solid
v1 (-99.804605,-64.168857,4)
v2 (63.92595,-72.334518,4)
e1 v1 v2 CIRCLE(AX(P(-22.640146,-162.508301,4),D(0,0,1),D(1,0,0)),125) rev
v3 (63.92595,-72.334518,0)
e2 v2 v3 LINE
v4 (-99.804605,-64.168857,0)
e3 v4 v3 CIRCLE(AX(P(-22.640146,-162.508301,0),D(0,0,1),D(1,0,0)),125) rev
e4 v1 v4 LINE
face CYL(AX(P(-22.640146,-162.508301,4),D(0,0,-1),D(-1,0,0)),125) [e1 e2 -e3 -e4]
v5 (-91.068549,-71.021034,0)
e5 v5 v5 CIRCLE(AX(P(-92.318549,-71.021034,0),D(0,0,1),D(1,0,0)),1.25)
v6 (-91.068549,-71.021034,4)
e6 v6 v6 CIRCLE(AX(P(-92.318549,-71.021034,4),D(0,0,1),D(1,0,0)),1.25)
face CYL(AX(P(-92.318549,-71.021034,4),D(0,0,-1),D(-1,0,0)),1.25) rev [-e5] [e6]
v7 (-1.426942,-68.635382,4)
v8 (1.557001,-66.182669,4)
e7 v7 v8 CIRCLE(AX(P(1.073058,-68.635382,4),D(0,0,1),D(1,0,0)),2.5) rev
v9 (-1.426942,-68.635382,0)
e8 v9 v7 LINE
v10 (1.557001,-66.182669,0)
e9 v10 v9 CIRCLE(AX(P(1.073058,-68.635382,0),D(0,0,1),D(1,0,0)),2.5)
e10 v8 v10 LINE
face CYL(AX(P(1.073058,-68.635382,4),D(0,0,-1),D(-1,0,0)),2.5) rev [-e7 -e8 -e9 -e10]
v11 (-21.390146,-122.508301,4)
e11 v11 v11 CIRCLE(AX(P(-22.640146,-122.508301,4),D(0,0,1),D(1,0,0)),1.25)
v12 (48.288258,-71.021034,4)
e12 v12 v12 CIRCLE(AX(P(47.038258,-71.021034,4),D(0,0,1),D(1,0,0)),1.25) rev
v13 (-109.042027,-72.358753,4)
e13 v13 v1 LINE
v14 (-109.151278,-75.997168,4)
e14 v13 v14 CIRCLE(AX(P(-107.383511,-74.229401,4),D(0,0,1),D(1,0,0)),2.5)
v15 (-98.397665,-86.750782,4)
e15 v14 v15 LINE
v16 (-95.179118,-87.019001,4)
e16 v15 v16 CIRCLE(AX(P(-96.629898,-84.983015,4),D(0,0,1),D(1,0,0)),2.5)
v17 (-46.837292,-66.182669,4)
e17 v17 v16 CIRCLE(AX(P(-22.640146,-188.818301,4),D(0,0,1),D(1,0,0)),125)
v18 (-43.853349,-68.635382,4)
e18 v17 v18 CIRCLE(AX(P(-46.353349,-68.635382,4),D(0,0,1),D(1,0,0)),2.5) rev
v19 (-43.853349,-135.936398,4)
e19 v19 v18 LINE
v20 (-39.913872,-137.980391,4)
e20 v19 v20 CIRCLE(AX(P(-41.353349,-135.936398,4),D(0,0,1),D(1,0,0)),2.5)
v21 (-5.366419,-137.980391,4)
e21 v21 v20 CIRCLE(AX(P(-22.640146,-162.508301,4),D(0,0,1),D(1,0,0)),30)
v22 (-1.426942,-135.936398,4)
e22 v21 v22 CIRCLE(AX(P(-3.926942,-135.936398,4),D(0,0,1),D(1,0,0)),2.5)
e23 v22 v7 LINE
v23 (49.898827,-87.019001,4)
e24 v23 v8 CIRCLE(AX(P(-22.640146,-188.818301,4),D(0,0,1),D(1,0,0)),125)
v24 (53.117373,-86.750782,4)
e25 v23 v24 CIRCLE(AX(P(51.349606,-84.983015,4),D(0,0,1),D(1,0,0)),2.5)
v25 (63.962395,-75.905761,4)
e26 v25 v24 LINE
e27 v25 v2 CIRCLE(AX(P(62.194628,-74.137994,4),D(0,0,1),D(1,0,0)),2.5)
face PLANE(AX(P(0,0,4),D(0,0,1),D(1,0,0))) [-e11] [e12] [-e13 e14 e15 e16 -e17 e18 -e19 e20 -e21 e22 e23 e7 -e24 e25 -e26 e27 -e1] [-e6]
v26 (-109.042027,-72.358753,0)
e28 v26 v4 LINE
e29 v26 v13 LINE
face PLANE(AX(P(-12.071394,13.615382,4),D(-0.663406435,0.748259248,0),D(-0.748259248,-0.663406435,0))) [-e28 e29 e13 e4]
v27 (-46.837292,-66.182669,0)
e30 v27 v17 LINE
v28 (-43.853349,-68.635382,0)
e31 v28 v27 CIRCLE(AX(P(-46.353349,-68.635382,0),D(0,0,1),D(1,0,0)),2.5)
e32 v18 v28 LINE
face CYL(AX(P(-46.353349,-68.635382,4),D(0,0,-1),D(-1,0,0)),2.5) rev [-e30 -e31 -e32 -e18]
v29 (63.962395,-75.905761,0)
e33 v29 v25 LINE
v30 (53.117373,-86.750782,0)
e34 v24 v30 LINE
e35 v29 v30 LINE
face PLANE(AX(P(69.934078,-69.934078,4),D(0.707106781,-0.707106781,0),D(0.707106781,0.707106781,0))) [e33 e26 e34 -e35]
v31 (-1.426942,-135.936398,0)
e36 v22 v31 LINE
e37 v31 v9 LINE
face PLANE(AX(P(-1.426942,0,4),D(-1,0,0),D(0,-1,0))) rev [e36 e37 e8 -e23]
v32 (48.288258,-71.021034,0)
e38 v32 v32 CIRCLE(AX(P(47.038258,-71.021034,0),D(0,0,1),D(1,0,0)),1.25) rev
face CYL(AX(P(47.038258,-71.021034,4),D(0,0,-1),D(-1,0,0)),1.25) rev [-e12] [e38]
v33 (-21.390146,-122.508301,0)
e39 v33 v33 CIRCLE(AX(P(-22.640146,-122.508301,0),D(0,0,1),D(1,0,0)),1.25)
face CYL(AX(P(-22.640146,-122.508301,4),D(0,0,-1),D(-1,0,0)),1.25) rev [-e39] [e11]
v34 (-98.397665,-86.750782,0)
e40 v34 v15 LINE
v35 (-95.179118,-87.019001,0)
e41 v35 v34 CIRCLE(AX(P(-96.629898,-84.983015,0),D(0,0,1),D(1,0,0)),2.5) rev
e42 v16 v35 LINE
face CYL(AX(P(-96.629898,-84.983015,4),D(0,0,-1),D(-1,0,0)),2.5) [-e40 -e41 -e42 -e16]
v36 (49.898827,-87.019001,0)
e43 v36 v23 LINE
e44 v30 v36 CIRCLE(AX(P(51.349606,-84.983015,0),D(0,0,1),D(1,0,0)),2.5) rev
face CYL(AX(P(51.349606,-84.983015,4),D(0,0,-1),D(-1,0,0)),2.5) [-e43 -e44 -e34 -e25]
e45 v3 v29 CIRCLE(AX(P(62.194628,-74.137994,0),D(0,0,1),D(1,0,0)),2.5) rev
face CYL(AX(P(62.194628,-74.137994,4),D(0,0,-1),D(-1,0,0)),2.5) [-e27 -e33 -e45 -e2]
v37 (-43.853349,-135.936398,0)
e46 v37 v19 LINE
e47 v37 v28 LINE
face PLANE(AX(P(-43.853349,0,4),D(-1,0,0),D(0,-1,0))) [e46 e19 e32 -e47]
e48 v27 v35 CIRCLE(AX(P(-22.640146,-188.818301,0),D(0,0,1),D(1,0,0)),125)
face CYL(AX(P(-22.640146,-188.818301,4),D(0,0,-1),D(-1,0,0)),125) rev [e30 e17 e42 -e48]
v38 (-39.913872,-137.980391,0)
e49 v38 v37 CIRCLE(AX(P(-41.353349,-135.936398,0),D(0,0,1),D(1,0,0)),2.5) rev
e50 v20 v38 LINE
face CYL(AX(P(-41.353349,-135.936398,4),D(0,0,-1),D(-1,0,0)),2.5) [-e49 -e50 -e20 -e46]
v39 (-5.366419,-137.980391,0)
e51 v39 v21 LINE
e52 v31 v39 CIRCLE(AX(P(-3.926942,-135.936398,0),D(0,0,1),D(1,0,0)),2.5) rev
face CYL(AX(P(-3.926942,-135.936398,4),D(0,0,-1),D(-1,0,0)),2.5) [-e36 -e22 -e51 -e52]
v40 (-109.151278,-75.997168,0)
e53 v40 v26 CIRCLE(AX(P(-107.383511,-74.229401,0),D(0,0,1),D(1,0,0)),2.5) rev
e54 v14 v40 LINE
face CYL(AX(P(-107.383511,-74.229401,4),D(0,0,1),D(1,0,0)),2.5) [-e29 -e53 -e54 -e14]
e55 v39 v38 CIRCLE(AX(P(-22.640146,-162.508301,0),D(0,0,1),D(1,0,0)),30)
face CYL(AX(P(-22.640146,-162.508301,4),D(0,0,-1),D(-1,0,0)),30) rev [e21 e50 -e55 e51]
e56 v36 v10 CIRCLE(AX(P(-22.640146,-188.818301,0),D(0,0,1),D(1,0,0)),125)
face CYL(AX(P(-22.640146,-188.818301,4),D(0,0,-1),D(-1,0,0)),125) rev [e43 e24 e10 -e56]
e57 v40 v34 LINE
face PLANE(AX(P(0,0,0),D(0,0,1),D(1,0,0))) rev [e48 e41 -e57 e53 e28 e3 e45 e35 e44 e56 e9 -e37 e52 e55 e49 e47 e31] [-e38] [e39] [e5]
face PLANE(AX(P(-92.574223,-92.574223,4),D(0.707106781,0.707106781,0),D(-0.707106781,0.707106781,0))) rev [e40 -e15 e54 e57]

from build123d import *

# Parameters (mm, degrees)
SKETCH1_R           = 1.25
BOSS_EXTRUDE1_DEPTH = 4
FILLET1_R           = 2.5
FILLET2_R           = 2.5
FILLET3_R           = 2.5
FILLET4_R           = 2.5
FILLET5_R           = 2.5


with BuildPart() as part:
    # Sketch1 → Boss-Extrude1 (new body)
    with BuildSketch(Plane.XY):
        with BuildLine():
            Line((-99.804604555, -64.168856805), (-111.028493279, -74.119953323))
            Line((-111.028493279, -74.119953323), (-101.028493279, -84.119953323))
            Line((-101.028493279, -84.119953323), (-96.889069885, -88.259376717))
            ThreePointArc((-96.889069885, -88.259376717), (-71.693791888, -73.845522502), (-43.853349067, -65.631451023))
            Line((-43.853349067, -65.631451023), (-43.853349067, -141.295097535))
            ThreePointArc((-43.853349067, -141.295097535), (-34.120648602, -134.791914996), (-22.640145631, -132.508300971))
            ThreePointArc((-22.640145631, -132.508300971), (-11.15964266, -134.791914996), (-1.426942195, -141.295097535))
            Line((-1.426942195, -141.295097535), (-1.426942195, -65.631451023))
            ThreePointArc((-1.426942195, -65.631451023), (26.413500625, -73.845522502), (51.608778623, -88.259376717))
            Line((51.608778623, -88.259376717), (65.748202017, -74.119953323))
            ThreePointArc((65.748202017, -74.119953323), (25.195283415, -47.023359407), (-22.640145631, -37.508300971))
            ThreePointArc((-22.640145631, -37.508300971), (-63.44684459, -44.356647068), (-99.782209189, -64.15128785))
            ThreePointArc((-99.782209189, -64.15128785), (-99.793407372, -64.16007169), (-99.804604555, -64.168856805))
        make_face()
        with BuildLine():
            ThreePointArc((-21.390145631, -122.508300971), (-21.756262155, -123.392184447), (-22.640145631, -123.758300971))
            ThreePointArc((-22.640145631, -123.758300971), (-23.890145631, -122.508300971), (-22.640145631, -121.258300971))
            ThreePointArc((-22.640145631, -121.258300971), (-21.756262155, -121.624417494), (-21.390145631, -122.508300971))
        make_face(mode=Mode.SUBTRACT)
        with Locations((-92.318549214, -71.021033692)):
            Circle(SKETCH1_R, mode=Mode.SUBTRACT)
        with Locations((47.038257951, -71.021033692)):
            Circle(SKETCH1_R, mode=Mode.SUBTRACT)
    extrude(amount=BOSS_EXTRUDE1_DEPTH)

    # Fillet1
    fillet1_edges = [part.edges().sort_by_distance(p)[0] for p in [
        (65.748202017, -74.119953323, 2),
        (51.608778623, -88.259376717, 2),
    ]]
    fillet(fillet1_edges, radius=FILLET1_R)

    # Fillet2
    fillet2_edges = [part.edges().sort_by_distance(p)[0] for p in [
        (-1.426942195, -141.295097535, 2),
        (-43.853349067, -141.295097535, 2),
    ]]
    fillet(fillet2_edges, radius=FILLET2_R)

    # Fillet3
    fillet3_edges = [part.edges().sort_by_distance(p)[0] for p in [
        (-96.889069885, -88.259376717, 2),
        (-111.028493279, -74.119953323, 2),
    ]]
    fillet(fillet3_edges, radius=FILLET3_R)

    # Fillet4
    fillet4_edges = [part.edges().sort_by_distance(p)[0] for p in [
        (-43.853349067, -65.631451023, 2),
    ]]
    fillet(fillet4_edges, radius=FILLET4_R)

    # Fillet5
    fillet5_edges = [part.edges().sort_by_distance(p)[0] for p in [
        (-1.426942195, -65.631451023, 2),
    ]]
    fillet(fillet5_edges, radius=FILLET5_R)


solid = part.part
